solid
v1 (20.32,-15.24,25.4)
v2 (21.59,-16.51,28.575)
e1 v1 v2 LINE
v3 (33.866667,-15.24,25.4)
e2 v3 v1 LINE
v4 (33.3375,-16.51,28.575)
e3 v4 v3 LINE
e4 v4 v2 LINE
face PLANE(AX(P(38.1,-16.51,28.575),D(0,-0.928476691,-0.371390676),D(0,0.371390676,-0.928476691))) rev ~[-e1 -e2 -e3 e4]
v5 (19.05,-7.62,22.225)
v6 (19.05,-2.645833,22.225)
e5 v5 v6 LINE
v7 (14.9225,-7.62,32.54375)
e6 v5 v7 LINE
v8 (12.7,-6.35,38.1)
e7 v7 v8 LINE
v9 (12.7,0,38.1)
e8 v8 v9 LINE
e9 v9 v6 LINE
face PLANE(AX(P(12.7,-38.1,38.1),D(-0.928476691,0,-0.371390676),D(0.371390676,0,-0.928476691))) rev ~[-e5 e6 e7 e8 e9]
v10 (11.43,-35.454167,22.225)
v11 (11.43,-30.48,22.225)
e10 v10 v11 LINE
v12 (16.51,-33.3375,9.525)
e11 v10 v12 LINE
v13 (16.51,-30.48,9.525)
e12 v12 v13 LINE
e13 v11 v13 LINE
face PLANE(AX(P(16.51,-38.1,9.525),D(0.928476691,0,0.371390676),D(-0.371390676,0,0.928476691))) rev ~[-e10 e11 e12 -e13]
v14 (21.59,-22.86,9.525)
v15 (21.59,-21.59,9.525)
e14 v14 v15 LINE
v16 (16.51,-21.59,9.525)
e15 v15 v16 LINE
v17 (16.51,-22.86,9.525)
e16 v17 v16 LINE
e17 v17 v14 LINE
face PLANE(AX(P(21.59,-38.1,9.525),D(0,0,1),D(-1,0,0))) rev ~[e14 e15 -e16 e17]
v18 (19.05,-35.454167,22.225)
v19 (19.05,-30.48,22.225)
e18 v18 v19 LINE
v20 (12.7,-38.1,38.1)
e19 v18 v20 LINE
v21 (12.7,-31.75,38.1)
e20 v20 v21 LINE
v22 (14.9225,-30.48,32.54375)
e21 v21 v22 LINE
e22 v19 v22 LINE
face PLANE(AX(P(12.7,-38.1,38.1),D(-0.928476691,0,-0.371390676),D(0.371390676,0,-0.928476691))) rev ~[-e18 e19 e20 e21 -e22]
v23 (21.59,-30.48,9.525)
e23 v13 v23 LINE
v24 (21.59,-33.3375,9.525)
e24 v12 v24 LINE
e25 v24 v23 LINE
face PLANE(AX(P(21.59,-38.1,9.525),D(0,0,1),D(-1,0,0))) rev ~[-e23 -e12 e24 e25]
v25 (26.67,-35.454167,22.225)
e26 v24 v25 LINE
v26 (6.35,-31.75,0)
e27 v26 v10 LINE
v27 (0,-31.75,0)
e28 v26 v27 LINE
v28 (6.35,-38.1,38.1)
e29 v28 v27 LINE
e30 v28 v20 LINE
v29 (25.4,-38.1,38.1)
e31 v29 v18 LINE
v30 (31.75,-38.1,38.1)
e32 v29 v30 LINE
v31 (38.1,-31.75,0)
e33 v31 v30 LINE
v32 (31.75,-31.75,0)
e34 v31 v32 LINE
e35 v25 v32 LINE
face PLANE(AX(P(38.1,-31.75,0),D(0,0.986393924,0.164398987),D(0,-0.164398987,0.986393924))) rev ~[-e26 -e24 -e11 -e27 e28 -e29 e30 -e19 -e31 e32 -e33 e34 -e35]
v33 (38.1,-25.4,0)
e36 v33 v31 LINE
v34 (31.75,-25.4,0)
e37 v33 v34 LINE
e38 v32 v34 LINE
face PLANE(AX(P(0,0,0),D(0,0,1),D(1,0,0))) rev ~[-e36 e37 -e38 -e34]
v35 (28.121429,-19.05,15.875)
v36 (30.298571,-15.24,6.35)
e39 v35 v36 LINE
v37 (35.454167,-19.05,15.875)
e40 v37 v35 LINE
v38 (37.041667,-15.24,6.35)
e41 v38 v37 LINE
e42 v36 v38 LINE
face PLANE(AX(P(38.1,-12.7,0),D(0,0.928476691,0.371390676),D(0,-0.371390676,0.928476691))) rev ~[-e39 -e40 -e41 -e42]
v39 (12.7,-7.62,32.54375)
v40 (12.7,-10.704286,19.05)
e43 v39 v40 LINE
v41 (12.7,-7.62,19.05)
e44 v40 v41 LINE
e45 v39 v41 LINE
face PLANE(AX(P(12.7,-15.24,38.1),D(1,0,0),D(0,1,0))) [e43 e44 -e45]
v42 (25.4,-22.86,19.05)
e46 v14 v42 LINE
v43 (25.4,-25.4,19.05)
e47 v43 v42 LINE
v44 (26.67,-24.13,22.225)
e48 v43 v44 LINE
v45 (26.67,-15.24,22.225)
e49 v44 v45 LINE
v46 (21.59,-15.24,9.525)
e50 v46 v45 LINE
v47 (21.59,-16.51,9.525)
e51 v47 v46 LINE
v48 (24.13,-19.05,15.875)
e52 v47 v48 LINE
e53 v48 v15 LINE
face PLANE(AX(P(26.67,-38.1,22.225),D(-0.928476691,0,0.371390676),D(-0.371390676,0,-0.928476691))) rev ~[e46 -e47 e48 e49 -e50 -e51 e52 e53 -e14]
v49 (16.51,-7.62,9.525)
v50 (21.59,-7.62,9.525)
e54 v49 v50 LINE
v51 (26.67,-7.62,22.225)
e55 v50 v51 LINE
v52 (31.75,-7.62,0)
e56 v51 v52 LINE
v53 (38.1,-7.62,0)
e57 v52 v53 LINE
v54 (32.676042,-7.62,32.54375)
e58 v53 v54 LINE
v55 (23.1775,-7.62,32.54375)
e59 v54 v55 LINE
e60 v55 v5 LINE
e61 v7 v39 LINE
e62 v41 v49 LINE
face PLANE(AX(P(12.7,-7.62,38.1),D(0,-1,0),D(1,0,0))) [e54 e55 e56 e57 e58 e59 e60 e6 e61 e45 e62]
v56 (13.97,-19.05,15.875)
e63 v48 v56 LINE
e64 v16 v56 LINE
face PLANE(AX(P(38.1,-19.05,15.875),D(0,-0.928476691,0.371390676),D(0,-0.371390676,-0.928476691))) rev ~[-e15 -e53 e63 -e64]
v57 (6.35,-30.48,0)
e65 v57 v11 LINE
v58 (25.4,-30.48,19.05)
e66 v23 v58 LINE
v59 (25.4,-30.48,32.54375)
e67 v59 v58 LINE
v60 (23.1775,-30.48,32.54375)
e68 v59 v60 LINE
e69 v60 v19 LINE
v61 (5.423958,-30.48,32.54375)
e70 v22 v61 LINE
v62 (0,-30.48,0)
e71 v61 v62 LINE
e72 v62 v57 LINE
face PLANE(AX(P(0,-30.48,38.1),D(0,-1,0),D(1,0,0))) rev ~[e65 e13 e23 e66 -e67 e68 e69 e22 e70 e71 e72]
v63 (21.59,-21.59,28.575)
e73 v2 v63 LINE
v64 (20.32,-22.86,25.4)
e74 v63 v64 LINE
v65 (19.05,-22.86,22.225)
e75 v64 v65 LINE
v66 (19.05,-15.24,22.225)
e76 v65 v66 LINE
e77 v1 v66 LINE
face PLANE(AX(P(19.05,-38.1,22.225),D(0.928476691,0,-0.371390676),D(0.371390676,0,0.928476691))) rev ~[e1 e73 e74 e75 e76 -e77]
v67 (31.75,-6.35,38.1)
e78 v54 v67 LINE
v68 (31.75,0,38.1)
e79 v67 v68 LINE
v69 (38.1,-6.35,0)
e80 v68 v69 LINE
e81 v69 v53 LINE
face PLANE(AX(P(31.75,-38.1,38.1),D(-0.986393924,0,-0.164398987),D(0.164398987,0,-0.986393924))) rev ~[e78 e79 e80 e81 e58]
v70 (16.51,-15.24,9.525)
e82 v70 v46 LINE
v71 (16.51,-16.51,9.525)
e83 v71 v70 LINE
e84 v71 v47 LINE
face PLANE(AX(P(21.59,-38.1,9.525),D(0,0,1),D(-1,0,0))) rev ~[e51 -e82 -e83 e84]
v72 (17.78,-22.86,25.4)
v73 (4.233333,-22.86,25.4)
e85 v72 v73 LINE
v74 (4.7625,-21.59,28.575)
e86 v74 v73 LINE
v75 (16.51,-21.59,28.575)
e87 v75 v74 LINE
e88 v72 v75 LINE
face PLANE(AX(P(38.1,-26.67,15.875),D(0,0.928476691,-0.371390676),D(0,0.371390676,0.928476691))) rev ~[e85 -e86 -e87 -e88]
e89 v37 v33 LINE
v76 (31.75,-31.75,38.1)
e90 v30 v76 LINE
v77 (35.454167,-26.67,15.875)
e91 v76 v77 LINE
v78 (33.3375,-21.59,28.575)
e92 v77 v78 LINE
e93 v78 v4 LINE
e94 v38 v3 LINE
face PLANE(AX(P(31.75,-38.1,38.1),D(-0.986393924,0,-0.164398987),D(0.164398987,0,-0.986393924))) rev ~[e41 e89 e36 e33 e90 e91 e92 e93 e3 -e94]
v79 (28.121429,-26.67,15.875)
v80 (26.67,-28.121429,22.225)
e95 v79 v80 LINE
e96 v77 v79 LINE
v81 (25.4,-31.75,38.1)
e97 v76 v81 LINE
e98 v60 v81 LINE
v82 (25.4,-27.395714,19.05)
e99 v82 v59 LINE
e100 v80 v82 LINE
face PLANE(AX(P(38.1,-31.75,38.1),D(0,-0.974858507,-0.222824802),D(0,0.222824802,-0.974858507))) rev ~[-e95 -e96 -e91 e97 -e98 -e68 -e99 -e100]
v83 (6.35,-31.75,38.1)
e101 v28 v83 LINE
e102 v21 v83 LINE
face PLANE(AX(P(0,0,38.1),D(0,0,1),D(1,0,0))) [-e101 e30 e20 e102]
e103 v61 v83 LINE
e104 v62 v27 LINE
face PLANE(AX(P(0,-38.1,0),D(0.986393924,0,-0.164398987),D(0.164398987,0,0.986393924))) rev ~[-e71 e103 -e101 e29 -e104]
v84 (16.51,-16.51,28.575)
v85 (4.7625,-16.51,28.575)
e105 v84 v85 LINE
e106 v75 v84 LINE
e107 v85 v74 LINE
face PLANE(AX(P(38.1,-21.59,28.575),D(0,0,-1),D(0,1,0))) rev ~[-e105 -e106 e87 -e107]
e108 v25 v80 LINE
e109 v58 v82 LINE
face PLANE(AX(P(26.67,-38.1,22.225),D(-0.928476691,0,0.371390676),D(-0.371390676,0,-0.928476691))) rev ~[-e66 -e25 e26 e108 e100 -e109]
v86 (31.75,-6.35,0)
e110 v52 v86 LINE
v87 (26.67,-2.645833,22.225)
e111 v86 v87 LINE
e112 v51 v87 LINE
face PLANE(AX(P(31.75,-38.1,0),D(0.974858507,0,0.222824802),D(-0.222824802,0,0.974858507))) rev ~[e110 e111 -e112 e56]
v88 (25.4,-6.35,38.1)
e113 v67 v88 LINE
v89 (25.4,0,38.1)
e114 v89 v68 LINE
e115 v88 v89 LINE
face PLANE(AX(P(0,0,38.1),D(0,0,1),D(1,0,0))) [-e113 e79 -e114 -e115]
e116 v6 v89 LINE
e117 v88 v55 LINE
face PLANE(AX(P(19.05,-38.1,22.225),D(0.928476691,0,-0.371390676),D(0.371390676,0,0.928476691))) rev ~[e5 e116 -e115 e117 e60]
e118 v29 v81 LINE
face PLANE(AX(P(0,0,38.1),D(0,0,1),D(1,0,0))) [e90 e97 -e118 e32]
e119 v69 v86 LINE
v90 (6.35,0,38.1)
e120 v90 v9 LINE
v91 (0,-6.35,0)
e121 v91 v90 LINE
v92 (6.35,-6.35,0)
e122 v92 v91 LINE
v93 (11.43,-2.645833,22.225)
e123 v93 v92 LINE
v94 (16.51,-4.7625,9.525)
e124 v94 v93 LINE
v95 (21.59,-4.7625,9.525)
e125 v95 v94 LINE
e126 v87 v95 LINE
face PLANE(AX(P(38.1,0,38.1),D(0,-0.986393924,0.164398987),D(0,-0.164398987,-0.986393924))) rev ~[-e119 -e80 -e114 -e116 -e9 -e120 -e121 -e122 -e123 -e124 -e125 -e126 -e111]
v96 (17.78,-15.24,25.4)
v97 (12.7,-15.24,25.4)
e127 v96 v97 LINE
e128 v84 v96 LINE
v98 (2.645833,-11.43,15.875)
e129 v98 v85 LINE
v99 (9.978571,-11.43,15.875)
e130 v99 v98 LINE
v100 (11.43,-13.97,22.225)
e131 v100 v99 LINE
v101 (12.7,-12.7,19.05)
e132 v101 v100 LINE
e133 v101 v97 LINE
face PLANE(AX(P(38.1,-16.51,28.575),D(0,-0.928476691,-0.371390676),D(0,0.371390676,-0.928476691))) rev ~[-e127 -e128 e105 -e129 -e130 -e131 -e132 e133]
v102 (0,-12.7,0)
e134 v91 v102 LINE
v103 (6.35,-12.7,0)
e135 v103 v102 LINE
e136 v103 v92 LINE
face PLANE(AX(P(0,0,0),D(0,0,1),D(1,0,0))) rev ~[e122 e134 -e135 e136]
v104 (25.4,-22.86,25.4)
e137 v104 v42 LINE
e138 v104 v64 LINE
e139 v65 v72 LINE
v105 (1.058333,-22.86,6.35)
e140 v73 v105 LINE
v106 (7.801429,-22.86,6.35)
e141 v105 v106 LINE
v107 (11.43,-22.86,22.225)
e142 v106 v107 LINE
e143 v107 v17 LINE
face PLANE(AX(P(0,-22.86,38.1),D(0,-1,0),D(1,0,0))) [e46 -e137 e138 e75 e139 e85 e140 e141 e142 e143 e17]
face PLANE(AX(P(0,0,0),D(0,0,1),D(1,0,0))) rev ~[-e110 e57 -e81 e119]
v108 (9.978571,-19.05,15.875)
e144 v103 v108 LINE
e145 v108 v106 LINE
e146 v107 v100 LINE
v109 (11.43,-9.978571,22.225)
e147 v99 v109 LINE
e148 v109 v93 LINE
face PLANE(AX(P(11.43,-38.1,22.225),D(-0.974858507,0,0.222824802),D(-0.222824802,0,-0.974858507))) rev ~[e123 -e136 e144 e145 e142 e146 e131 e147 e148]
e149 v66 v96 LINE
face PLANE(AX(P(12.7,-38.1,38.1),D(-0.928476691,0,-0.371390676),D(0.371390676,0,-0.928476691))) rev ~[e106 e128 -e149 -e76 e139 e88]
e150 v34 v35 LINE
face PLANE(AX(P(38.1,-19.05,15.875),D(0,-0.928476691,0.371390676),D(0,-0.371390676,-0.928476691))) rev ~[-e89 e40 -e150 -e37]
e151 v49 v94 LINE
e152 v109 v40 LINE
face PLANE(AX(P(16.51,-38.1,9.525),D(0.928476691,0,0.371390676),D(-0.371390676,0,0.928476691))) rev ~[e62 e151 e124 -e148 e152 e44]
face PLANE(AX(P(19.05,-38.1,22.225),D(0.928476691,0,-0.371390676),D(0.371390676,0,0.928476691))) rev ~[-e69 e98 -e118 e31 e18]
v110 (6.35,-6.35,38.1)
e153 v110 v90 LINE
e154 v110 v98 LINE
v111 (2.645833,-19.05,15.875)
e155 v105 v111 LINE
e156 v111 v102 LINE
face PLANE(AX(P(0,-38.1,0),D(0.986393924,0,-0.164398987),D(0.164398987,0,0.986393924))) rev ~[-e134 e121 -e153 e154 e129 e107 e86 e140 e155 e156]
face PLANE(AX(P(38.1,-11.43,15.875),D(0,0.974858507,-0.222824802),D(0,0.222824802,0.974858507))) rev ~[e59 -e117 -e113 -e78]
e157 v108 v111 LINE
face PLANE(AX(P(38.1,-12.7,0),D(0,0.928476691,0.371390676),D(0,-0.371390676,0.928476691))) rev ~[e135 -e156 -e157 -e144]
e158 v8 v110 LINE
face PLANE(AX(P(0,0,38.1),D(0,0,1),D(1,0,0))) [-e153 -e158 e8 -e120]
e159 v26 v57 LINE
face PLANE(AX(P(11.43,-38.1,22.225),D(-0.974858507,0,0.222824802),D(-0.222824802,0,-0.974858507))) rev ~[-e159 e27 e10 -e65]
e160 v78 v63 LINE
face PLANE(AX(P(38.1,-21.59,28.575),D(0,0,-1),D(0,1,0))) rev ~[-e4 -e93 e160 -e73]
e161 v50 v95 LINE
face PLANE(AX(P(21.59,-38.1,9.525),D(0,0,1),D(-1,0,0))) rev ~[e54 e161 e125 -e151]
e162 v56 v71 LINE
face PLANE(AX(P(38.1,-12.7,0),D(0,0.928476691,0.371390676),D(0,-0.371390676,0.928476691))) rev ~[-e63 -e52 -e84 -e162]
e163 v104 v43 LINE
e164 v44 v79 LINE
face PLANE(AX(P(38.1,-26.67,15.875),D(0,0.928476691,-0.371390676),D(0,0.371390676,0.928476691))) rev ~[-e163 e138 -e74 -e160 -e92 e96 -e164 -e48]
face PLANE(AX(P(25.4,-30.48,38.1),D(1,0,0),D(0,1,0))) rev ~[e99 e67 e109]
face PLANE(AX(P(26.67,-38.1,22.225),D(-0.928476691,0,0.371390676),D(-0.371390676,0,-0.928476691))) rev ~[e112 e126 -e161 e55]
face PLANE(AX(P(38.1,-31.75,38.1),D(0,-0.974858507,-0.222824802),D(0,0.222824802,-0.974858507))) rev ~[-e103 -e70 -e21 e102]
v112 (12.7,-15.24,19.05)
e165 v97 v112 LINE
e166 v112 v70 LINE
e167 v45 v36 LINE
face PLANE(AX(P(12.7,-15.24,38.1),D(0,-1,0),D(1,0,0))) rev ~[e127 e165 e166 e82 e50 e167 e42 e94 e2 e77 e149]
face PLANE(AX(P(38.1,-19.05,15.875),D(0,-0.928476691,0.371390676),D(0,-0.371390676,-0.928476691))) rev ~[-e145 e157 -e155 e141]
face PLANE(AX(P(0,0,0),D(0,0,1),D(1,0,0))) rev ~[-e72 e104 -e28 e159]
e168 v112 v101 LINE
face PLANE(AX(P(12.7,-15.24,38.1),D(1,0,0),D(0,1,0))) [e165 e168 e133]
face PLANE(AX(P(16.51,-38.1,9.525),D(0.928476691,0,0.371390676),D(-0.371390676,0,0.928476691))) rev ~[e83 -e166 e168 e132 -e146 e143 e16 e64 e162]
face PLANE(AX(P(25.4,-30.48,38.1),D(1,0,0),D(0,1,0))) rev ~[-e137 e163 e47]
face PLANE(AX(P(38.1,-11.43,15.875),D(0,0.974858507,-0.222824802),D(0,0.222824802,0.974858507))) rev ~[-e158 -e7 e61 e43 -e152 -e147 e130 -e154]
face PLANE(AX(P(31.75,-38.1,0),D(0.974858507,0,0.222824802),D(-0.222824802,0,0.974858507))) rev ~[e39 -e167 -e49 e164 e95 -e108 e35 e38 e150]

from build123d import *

# Parameters (mm, degrees)
F0_W     = 38.1
F0_H     = 38.1
F1_DEPTH = 38.1
F5_DEPTH = 38.1
F7_DEPTH = 38.1
F8_W     = 25.4
F8_H     = 7.62
F9_DEPTH = 38.1


with BuildPart() as f1:
    # F0 (on Front) → F1 (new body)
    with BuildSketch(Plane.XZ):
        with Locations((19.05, 19.05)):
            Rectangle(F0_W, F0_H)
    extrude(amount=F1_DEPTH)

    # F4 (on face) → F5 (cut)
    with BuildSketch(Plane.YZ.offset(38.1)):
        Polygon((-6.35, 38.1), (-31.75, 38.1), (-26.67, 15.875), (-21.59, 28.575), (-16.51, 28.575), (-11.43, 15.875), align=None)
        Polygon((0, 0), (0, 38.1), (-6.35, 0), align=None)
        Polygon((-19.05, 15.875), (-25.4, 0), (-12.7, 0), align=None)
        Polygon((-31.75, 0), (-38.1, 38.1), (-38.1, 0), align=None)
    extrude(amount=-F5_DEPTH, mode=Mode.SUBTRACT)

    # F6 (on offset) → F7 (cut)
    with BuildSketch(Plane.XZ.offset(38.1)):
        Polygon((0, 38.1), (0, 0), (6.35, 38.1), align=None)
        Polygon((25.4, 38.1), (12.7, 38.1), (19.05, 22.225), align=None)
        Polygon((31.75, 38.1), (38.1, 0), (38.1, 38.1), align=None)
        Polygon((11.43, 22.225), (6.35, 0), (31.75, 0), (26.67, 22.225), (21.59, 9.525), (16.51, 9.525), align=None)
    extrude(amount=-F7_DEPTH, mode=Mode.SUBTRACT)

    # F8 (on offset) → F9 (cut)
    with BuildSketch(Plane.XY.offset(38.1)):
        with Locations((25.4, -11.43)):
            Rectangle(F8_W, F8_H)
        with Locations((12.7, -26.67)):
            Rectangle(F8_W, F8_H)
    extrude(amount=-F9_DEPTH, mode=Mode.SUBTRACT)


solid = f1.part
